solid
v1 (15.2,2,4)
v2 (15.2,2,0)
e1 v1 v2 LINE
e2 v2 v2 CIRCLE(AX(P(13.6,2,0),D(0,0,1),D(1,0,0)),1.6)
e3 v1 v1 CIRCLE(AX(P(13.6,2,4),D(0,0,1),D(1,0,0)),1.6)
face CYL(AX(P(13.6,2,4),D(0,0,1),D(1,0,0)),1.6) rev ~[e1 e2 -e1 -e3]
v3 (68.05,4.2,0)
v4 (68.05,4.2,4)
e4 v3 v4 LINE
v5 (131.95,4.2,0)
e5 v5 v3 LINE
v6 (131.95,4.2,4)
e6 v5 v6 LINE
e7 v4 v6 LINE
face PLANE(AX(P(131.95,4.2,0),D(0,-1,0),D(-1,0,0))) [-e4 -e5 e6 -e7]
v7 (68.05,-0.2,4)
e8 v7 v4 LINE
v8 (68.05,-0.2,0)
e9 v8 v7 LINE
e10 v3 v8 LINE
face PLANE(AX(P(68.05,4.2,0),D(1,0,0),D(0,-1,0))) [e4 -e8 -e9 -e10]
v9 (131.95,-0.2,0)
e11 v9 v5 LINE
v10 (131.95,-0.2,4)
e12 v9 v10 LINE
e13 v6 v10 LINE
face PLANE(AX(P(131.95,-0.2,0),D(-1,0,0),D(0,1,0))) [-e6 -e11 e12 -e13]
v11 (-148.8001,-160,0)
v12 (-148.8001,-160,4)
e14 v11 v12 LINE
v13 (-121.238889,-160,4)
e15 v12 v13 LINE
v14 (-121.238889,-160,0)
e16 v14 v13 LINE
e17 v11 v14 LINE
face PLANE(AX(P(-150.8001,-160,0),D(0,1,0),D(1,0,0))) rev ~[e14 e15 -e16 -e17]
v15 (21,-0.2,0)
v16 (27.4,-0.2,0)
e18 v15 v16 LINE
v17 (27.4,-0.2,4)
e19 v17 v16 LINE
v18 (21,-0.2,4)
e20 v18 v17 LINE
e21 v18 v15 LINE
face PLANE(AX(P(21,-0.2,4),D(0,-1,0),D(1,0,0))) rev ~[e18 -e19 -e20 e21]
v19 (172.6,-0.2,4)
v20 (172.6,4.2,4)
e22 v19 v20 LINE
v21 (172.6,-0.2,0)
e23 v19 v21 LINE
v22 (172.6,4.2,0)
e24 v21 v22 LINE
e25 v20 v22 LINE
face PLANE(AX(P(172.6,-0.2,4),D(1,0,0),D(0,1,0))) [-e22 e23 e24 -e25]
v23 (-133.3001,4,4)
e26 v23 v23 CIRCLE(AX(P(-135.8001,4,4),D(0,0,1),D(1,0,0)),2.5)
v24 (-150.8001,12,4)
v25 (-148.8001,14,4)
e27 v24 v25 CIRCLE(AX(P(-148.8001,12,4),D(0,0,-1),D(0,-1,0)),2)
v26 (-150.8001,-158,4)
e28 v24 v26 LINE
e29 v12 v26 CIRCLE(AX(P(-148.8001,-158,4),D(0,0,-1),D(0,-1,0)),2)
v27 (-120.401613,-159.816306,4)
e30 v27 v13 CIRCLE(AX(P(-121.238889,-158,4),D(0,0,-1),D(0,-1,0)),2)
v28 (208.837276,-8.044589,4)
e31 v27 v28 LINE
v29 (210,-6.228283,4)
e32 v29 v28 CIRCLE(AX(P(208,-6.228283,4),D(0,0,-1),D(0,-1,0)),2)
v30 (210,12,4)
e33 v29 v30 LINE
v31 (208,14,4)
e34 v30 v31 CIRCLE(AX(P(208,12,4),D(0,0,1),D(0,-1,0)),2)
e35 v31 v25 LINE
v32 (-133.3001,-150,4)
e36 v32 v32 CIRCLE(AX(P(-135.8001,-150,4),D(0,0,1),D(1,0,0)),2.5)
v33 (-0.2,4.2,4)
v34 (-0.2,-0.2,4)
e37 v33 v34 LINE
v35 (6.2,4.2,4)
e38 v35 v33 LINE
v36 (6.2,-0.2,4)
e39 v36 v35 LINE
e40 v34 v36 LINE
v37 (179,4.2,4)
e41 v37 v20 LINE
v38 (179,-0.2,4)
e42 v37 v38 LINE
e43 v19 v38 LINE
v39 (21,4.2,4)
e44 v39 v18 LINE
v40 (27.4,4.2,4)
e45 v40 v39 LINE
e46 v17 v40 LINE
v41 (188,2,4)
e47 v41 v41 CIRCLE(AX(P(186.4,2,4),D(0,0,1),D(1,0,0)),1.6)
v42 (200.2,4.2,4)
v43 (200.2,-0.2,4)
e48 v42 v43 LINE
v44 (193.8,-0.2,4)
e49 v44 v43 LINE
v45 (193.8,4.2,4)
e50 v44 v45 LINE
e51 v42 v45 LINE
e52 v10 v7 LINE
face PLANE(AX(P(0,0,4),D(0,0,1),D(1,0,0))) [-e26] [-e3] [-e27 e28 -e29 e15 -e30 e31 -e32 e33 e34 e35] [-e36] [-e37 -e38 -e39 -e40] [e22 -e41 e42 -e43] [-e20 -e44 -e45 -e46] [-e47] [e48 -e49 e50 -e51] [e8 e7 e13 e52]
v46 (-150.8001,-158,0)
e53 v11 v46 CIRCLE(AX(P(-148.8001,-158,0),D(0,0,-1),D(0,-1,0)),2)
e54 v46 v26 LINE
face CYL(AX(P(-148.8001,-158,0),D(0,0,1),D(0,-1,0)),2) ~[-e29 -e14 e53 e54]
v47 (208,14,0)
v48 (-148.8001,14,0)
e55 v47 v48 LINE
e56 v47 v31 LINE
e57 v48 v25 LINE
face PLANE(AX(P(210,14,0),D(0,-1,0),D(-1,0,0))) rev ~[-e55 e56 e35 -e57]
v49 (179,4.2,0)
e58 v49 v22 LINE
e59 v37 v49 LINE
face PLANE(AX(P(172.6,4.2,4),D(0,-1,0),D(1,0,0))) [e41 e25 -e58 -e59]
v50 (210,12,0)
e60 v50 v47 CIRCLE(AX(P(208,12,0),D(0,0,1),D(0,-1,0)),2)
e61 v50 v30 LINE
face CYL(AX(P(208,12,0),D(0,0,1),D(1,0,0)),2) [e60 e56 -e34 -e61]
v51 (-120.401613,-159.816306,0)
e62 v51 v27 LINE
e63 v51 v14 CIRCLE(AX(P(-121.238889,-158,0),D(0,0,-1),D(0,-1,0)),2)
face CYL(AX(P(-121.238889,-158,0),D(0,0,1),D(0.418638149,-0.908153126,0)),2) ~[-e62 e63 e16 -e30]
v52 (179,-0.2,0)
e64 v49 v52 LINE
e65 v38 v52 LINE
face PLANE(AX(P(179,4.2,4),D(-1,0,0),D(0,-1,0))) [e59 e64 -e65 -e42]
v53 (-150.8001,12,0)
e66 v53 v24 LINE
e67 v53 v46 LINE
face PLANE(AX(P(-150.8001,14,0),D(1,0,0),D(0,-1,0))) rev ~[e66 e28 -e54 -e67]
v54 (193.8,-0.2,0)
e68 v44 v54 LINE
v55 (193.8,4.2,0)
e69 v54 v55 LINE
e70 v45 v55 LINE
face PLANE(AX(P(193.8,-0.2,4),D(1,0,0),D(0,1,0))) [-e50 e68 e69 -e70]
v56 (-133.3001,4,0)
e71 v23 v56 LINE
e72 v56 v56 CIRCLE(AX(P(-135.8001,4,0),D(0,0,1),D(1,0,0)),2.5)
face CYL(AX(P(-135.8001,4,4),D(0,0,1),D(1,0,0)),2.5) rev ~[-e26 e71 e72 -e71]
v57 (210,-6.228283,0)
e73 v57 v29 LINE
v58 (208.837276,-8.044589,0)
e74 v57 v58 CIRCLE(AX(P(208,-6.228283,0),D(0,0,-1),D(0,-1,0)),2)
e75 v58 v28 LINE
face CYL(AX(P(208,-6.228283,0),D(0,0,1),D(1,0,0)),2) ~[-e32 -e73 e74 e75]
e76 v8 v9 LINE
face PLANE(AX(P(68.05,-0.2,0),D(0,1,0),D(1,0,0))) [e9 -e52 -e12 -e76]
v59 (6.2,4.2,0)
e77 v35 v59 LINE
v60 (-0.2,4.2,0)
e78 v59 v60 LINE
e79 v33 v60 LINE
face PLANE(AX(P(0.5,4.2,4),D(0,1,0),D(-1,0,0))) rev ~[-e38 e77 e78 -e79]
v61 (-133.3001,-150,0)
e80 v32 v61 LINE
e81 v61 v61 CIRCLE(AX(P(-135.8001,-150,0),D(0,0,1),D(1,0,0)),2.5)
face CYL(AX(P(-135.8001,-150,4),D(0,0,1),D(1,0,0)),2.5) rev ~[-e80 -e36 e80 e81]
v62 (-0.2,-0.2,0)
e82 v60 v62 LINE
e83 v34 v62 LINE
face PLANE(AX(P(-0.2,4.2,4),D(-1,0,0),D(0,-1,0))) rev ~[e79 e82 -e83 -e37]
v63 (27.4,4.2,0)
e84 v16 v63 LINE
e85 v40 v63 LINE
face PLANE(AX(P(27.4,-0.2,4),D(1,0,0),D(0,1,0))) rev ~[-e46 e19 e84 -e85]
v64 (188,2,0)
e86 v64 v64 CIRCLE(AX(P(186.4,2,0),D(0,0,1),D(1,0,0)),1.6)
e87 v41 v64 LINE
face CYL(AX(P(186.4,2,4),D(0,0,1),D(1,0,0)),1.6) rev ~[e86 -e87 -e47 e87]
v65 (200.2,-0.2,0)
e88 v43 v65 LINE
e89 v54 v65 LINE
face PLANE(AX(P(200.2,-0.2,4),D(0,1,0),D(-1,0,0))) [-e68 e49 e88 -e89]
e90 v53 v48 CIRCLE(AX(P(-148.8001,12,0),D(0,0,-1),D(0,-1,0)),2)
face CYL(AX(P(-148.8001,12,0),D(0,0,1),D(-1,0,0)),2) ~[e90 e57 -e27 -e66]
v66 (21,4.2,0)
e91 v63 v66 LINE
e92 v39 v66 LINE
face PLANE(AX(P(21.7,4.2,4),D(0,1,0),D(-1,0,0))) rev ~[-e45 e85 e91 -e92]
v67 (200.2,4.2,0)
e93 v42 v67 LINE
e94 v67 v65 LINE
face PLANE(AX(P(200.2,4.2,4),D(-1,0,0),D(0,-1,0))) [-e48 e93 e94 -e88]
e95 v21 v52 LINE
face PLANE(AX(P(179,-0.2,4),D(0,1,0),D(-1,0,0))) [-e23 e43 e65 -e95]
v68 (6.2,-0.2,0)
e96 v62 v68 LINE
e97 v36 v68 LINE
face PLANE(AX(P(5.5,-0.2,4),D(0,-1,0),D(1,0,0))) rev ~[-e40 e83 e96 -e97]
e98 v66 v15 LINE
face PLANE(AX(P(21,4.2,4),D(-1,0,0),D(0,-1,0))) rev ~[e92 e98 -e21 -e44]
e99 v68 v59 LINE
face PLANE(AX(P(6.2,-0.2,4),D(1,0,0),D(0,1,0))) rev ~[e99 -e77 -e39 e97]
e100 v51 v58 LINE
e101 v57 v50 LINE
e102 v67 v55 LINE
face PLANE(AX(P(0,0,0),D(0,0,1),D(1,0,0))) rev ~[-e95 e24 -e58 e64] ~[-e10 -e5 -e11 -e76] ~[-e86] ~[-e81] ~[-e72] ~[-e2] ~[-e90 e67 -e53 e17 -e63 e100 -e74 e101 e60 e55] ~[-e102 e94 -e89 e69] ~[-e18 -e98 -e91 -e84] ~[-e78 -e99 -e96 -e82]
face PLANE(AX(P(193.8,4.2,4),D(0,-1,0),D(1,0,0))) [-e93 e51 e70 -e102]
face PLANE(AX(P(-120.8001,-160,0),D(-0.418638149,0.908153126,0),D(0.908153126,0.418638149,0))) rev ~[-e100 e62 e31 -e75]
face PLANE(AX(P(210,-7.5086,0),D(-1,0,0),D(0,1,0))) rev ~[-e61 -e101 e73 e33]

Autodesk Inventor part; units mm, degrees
ref_plane "YZ Plane" through (0, 0, 0) normal (1, 0, 0) x (0, 1, 0)
ref_plane "XZ Plane" through (0, 0, 0) normal (0, 1, 0) x (-1, 0, 0)
ref_plane "XY Plane" through (0, 0, 0) normal (0, 0, 1) x (1, 0, 0)
sketch "Sketch1" plane through (0, 0, 0) normal (0, 0, 1) x (1, 0, 0)
  line L0 (11.9, 0) -> (6, 0) construction
  line L1 (6, 4) -> (11.9, 4) construction
  line L2 (-150.8, -316.8297) -> (-150.8003, 183.1703) construction
  line L3 (210, 14) -> (-150.8001, 14)
  line L4 (-150.8001, 14) -> (-150.8001, -160)
  line L5 (-150.8001, -160) -> (-120.8001, -160)
  line L6 (210, -7.5086) -> (210, 14)
  line L7 (-120.8, -316.8296) -> (-120.8003, 183.1704) construction
  line L8 (-120.8001, -160) -> (210, -7.5086)
  line L9 (425, -160) -> (0, -160) projected
  line L10 (6, 4) -> (6, 0) projected
  line L11 (11.9, 0) -> (11.9, 4) projected
  dimension "d0" = 10
extrude "Extrusion1" add sketch "Sketch1" along normal blind 4
fillet "Fillet1" radius 2 5 edges at (210, 14, 2) (210, -7.5086, 2) (-150.8001, 14, 2) (-150.8001, -160, 2) (-120.8001, -160, 2)
sketch "Sketch2" plane through (0, 0, 4) normal (0, 0, 1) x (1, 0, 0)
  point P0 (0, 0)
sketch "Sketch3" plane through (0, 0, 4) normal (0, 0, 1) x (1, 0, 0)
  line L0 (200, 0) -> (200, 4) projected
  line L1 (200, 4) -> (199.5, 4) projected
  line L2 (194.5, 4) -> (199.5, 4) projected
  line L3 (194.5, 4) -> (194, 4) projected
  line L4 (194, 0) -> (194, 4)
  line L5 (194, 0) -> (194.5, 0) projected
  line L6 (199.5, 0) -> (194.5, 0) projected
  line L7 (199.5, 0) -> (200, 0) projected
  line L8 (200.2, 4.2) -> (200.2, -0.2)
  line L9 (200.2, -0.2) -> (199.5, -0.2)
  line L10 (199.5, -0.2) -> (194.5, -0.2)
  line L11 (194.5, -0.2) -> (193.8, -0.2)
  line L12 (193.8, -0.2) -> (193.8, 4.2)
  line L13 (193.8, 4.2) -> (194.5, 4.2)
  line L14 (194.5, 4.2) -> (199.5, 4.2)
  line L15 (199.5, 4.2) -> (200.2, 4.2)
  line L16 (178.3, 0) -> (173.3, 0) projected
  line L17 (178.3, 0) -> (178.8, 0) projected
  line L18 (178.8, 0) -> (178.8, 4) projected
  arc A0 (-121.2388, -160) -> (-120.4016, -159.8163) centre (-121.2388, -158) ccw projected
  line L19 (-120.4016, -159.8163) -> (208.8373, -8.0446) projected
  arc A1 (208.8373, -8.0446) -> (210, -6.2283) centre (208, -6.2283) ccw projected
  line L20 (210, -6.2283) -> (210, 12) projected
  arc A2 (210, 12) -> (208, 14) centre (208, 12) ccw projected
  line L21 (208, 14) -> (-148.8001, 14) projected
  arc A3 (-148.8001, 14) -> (-150.8001, 12) centre (-148.8001, 12) ccw projected
  line L22 (-150.8001, 12) -> (-150.8001, -158) projected
  arc A4 (-150.8001, -158) -> (-148.8001, -160) centre (-148.8001, -158) ccw projected
  line L23 (-148.8001, -160) -> (-121.2388, -160) projected
  line L24 (178.8, 4) -> (178.3, 4) projected
  line L25 (173.3, 4) -> (178.3, 4) projected
  line L26 (173.3, 4) -> (172.8, 4) projected
  line L27 (172.8, 0) -> (172.8, 4) projected
  line L28 (172.8, 0) -> (173.3, 0) projected
  line L29 (21.7, 4) -> (26.7, 4) projected
  line L30 (27.2, 4) -> (26.7, 4) projected
  line L31 (27.2, 0) -> (27.2, 4)
  line L32 (26.7, 0) -> (27.2, 0) projected
  line L33 (26.7, 0) -> (21.7, 0) projected
  line L34 (21.2, 0) -> (21.7, 0) projected
  line L35 (21.2, 0) -> (21.2, 4)
  line L36 (21.7, 4) -> (21.2, 4) projected
  line L37 (6, 0) -> (6, 4)
  line L38 (0, 0) -> (0, 4) projected
  line L39 (5.5, 0) -> (0.5, 0) projected
  line L40 (0.5, 4) -> (5.5, 4) projected
  line L41 (6, 4) -> (5.5, 4) projected
  line L42 (5.5, 0) -> (6, 0) projected
  line L43 (0, 0) -> (0.5, 0) projected
  line L44 (0.5, 4) -> (0, 4) projected
  line L45 (11.9, 4) -> (15.3, 4) projected
  line L46 (11.9, 4) -> (11.9, 0) projected
  line L47 (15.3, 0) -> (11.9, 0) projected
  line L48 (15.3, 4) -> (15.3, 0) projected
  line L49 (184.7, 4) -> (188.1, 4) projected
  line L50 (184.7, 4) -> (184.7, 0) projected
  line L51 (188.1, 0) -> (184.7, 0) projected
  line L52 (188.1, 4) -> (188.1, 0) projected
  line L53 (179, 4.2) -> (179, -0.2)
  line L54 (179, -0.2) -> (178.3, -0.2)
  line L55 (178.3, -0.2) -> (173.3, -0.2)
  line L56 (173.3, -0.2) -> (172.6, -0.2)
  line L57 (172.6, -0.2) -> (172.6, 4.2)
  line L58 (172.6, 4.2) -> (173.3, 4.2)
  line L59 (173.3, 4.2) -> (178.3, 4.2)
  line L60 (178.3, 4.2) -> (179, 4.2)
  line L61 (21.7, -0.2) -> (26.7, -0.2)
  line L62 (26.7, -0.2) -> (27.4, -0.2)
  line L63 (27.4, -0.2) -> (27.4, 4.2)
  line L64 (27.4, 4.2) -> (26.7, 4.2)
  line L65 (26.7, 4.2) -> (21.7, 4.2)
  line L66 (21.7, 4.2) -> (21, 4.2)
  line L67 (21, 4.2) -> (21, -0.2)
  line L68 (21, -0.2) -> (21.7, -0.2)
  line L69 (-0.2, 4.2) -> (-0.2, -0.2)
  line L70 (-0.2, -0.2) -> (0.5, -0.2)
  line L71 (0.5, -0.2) -> (5.5, -0.2)
  line L72 (5.5, -0.2) -> (6.2, -0.2)
  line L73 (6.2, -0.2) -> (6.2, 4.2)
  line L74 (6.2, 4.2) -> (5.5, 4.2)
  line L75 (5.5, 4.2) -> (0.5, 4.2)
  line L76 (0.5, 4.2) -> (-0.2, 4.2)
  circle A5 centre (13.6, 2) radius 1.6
  circle A6 centre (186.4, 2) radius 1.6
  point P0 (0, 0)
  dimension "d5" = 0.2
  dimension "d6" = 0.2
  dimension "d7" = 0.2
  dimension "d8" = 0.2
  dimension "d9" = 3.2
  dimension "d10" = 3.2
extrude "Extrusion2" cut sketch "Sketch3" against normal blind 4 contours L7 L6 L5 L4 L3 L2 L1 L0 | L8 L9 L10 L11 L12 L13 L14 L15 | L16 L28 L27 L26 L25 L24 L18 L17 | L29 L30 L31 L32 L33 L34 L35 L36 | L42 L39 L43 L38 L44 L40 L41 L37 | L53 L54 L55 L56 L57 L58 L59 L60 | L68 L67 L66 L65 L64 L63 L62 L61 | L76 L75 L74 L73 L72 L71 L70 L69 | A5 | A6
sketch "Sketch4" plane through (0, 0, 4) normal (0, 0, 1) x (1, 0, 0)
  line L0 (-139.9, -316.8296) -> (-139.9003, 183.1704) construction
  line L1 (-131.7, -316.8296) -> (-139.9, -316.8296) construction
  line L2 (-131.7, -316.8296) -> (-131.7003, 183.1704) construction
  line L3 (-139.9003, 183.1704) -> (-131.7003, 183.1704) construction
  line L4 (-131.7002, 4) -> (-139.9001, 4) construction
  line L5 (-139.9001, 4) -> (-139.9001, -150) construction
  line L6 (-139.9001, -150) -> (-131.7002, -150) construction
  line L7 (-131.7002, -150) -> (-131.7002, 4) construction
  line L8 (208, 14) -> (-148.8001, 14) projected
  line L9 (-148.8001, -160) -> (-121.2388, -160) projected
  circle A0 centre (-135.8001, 4) radius 2.5
  circle A1 centre (-135.8001, -150) radius 2.5
  point P0 (0, 0)
  dimension "d13" = 10
  dimension "d14" = 10
  dimension "d15" = 5
  dimension "d16" = 5
extrude "Extrusion3" cut sketch "Sketch4" against normal blind 4
sketch "Sketch5" plane through (0, 0, 0) normal (0, 0, -1) x (-1, 0, 0)
  line L0 (-131.75, 4) -> (-131.75, 0) projected
  line L1 (-68.25, 0) -> (-68.25, 4) projected
  line L2 (-131.75, 0) -> (-68.25, 0)
  line L3 (-68.25, 0) -> (-68.25, 4)
  line L4 (-68.25, 4) -> (-131.75, 4)
  line L5 (-131.75, 4) -> (-131.75, 0)
  line L6 (-131.95, 4.2) -> (-68.05, 4.2)
  line L7 (-68.05, 4.2) -> (-68.05, -0.2)
  line L8 (-68.05, -0.2) -> (-131.95, -0.2)
  line L9 (-131.95, -0.2) -> (-131.95, 4.2)
  point P0 (0, 0)
  dimension "d19" = 0.2
extrude "Extrusion4" cut sketch "Sketch5" against normal blind 25.4 contours L4 L1 L2 L0 | L6 L7 L8 L9
properties part number "Projector mount side"
